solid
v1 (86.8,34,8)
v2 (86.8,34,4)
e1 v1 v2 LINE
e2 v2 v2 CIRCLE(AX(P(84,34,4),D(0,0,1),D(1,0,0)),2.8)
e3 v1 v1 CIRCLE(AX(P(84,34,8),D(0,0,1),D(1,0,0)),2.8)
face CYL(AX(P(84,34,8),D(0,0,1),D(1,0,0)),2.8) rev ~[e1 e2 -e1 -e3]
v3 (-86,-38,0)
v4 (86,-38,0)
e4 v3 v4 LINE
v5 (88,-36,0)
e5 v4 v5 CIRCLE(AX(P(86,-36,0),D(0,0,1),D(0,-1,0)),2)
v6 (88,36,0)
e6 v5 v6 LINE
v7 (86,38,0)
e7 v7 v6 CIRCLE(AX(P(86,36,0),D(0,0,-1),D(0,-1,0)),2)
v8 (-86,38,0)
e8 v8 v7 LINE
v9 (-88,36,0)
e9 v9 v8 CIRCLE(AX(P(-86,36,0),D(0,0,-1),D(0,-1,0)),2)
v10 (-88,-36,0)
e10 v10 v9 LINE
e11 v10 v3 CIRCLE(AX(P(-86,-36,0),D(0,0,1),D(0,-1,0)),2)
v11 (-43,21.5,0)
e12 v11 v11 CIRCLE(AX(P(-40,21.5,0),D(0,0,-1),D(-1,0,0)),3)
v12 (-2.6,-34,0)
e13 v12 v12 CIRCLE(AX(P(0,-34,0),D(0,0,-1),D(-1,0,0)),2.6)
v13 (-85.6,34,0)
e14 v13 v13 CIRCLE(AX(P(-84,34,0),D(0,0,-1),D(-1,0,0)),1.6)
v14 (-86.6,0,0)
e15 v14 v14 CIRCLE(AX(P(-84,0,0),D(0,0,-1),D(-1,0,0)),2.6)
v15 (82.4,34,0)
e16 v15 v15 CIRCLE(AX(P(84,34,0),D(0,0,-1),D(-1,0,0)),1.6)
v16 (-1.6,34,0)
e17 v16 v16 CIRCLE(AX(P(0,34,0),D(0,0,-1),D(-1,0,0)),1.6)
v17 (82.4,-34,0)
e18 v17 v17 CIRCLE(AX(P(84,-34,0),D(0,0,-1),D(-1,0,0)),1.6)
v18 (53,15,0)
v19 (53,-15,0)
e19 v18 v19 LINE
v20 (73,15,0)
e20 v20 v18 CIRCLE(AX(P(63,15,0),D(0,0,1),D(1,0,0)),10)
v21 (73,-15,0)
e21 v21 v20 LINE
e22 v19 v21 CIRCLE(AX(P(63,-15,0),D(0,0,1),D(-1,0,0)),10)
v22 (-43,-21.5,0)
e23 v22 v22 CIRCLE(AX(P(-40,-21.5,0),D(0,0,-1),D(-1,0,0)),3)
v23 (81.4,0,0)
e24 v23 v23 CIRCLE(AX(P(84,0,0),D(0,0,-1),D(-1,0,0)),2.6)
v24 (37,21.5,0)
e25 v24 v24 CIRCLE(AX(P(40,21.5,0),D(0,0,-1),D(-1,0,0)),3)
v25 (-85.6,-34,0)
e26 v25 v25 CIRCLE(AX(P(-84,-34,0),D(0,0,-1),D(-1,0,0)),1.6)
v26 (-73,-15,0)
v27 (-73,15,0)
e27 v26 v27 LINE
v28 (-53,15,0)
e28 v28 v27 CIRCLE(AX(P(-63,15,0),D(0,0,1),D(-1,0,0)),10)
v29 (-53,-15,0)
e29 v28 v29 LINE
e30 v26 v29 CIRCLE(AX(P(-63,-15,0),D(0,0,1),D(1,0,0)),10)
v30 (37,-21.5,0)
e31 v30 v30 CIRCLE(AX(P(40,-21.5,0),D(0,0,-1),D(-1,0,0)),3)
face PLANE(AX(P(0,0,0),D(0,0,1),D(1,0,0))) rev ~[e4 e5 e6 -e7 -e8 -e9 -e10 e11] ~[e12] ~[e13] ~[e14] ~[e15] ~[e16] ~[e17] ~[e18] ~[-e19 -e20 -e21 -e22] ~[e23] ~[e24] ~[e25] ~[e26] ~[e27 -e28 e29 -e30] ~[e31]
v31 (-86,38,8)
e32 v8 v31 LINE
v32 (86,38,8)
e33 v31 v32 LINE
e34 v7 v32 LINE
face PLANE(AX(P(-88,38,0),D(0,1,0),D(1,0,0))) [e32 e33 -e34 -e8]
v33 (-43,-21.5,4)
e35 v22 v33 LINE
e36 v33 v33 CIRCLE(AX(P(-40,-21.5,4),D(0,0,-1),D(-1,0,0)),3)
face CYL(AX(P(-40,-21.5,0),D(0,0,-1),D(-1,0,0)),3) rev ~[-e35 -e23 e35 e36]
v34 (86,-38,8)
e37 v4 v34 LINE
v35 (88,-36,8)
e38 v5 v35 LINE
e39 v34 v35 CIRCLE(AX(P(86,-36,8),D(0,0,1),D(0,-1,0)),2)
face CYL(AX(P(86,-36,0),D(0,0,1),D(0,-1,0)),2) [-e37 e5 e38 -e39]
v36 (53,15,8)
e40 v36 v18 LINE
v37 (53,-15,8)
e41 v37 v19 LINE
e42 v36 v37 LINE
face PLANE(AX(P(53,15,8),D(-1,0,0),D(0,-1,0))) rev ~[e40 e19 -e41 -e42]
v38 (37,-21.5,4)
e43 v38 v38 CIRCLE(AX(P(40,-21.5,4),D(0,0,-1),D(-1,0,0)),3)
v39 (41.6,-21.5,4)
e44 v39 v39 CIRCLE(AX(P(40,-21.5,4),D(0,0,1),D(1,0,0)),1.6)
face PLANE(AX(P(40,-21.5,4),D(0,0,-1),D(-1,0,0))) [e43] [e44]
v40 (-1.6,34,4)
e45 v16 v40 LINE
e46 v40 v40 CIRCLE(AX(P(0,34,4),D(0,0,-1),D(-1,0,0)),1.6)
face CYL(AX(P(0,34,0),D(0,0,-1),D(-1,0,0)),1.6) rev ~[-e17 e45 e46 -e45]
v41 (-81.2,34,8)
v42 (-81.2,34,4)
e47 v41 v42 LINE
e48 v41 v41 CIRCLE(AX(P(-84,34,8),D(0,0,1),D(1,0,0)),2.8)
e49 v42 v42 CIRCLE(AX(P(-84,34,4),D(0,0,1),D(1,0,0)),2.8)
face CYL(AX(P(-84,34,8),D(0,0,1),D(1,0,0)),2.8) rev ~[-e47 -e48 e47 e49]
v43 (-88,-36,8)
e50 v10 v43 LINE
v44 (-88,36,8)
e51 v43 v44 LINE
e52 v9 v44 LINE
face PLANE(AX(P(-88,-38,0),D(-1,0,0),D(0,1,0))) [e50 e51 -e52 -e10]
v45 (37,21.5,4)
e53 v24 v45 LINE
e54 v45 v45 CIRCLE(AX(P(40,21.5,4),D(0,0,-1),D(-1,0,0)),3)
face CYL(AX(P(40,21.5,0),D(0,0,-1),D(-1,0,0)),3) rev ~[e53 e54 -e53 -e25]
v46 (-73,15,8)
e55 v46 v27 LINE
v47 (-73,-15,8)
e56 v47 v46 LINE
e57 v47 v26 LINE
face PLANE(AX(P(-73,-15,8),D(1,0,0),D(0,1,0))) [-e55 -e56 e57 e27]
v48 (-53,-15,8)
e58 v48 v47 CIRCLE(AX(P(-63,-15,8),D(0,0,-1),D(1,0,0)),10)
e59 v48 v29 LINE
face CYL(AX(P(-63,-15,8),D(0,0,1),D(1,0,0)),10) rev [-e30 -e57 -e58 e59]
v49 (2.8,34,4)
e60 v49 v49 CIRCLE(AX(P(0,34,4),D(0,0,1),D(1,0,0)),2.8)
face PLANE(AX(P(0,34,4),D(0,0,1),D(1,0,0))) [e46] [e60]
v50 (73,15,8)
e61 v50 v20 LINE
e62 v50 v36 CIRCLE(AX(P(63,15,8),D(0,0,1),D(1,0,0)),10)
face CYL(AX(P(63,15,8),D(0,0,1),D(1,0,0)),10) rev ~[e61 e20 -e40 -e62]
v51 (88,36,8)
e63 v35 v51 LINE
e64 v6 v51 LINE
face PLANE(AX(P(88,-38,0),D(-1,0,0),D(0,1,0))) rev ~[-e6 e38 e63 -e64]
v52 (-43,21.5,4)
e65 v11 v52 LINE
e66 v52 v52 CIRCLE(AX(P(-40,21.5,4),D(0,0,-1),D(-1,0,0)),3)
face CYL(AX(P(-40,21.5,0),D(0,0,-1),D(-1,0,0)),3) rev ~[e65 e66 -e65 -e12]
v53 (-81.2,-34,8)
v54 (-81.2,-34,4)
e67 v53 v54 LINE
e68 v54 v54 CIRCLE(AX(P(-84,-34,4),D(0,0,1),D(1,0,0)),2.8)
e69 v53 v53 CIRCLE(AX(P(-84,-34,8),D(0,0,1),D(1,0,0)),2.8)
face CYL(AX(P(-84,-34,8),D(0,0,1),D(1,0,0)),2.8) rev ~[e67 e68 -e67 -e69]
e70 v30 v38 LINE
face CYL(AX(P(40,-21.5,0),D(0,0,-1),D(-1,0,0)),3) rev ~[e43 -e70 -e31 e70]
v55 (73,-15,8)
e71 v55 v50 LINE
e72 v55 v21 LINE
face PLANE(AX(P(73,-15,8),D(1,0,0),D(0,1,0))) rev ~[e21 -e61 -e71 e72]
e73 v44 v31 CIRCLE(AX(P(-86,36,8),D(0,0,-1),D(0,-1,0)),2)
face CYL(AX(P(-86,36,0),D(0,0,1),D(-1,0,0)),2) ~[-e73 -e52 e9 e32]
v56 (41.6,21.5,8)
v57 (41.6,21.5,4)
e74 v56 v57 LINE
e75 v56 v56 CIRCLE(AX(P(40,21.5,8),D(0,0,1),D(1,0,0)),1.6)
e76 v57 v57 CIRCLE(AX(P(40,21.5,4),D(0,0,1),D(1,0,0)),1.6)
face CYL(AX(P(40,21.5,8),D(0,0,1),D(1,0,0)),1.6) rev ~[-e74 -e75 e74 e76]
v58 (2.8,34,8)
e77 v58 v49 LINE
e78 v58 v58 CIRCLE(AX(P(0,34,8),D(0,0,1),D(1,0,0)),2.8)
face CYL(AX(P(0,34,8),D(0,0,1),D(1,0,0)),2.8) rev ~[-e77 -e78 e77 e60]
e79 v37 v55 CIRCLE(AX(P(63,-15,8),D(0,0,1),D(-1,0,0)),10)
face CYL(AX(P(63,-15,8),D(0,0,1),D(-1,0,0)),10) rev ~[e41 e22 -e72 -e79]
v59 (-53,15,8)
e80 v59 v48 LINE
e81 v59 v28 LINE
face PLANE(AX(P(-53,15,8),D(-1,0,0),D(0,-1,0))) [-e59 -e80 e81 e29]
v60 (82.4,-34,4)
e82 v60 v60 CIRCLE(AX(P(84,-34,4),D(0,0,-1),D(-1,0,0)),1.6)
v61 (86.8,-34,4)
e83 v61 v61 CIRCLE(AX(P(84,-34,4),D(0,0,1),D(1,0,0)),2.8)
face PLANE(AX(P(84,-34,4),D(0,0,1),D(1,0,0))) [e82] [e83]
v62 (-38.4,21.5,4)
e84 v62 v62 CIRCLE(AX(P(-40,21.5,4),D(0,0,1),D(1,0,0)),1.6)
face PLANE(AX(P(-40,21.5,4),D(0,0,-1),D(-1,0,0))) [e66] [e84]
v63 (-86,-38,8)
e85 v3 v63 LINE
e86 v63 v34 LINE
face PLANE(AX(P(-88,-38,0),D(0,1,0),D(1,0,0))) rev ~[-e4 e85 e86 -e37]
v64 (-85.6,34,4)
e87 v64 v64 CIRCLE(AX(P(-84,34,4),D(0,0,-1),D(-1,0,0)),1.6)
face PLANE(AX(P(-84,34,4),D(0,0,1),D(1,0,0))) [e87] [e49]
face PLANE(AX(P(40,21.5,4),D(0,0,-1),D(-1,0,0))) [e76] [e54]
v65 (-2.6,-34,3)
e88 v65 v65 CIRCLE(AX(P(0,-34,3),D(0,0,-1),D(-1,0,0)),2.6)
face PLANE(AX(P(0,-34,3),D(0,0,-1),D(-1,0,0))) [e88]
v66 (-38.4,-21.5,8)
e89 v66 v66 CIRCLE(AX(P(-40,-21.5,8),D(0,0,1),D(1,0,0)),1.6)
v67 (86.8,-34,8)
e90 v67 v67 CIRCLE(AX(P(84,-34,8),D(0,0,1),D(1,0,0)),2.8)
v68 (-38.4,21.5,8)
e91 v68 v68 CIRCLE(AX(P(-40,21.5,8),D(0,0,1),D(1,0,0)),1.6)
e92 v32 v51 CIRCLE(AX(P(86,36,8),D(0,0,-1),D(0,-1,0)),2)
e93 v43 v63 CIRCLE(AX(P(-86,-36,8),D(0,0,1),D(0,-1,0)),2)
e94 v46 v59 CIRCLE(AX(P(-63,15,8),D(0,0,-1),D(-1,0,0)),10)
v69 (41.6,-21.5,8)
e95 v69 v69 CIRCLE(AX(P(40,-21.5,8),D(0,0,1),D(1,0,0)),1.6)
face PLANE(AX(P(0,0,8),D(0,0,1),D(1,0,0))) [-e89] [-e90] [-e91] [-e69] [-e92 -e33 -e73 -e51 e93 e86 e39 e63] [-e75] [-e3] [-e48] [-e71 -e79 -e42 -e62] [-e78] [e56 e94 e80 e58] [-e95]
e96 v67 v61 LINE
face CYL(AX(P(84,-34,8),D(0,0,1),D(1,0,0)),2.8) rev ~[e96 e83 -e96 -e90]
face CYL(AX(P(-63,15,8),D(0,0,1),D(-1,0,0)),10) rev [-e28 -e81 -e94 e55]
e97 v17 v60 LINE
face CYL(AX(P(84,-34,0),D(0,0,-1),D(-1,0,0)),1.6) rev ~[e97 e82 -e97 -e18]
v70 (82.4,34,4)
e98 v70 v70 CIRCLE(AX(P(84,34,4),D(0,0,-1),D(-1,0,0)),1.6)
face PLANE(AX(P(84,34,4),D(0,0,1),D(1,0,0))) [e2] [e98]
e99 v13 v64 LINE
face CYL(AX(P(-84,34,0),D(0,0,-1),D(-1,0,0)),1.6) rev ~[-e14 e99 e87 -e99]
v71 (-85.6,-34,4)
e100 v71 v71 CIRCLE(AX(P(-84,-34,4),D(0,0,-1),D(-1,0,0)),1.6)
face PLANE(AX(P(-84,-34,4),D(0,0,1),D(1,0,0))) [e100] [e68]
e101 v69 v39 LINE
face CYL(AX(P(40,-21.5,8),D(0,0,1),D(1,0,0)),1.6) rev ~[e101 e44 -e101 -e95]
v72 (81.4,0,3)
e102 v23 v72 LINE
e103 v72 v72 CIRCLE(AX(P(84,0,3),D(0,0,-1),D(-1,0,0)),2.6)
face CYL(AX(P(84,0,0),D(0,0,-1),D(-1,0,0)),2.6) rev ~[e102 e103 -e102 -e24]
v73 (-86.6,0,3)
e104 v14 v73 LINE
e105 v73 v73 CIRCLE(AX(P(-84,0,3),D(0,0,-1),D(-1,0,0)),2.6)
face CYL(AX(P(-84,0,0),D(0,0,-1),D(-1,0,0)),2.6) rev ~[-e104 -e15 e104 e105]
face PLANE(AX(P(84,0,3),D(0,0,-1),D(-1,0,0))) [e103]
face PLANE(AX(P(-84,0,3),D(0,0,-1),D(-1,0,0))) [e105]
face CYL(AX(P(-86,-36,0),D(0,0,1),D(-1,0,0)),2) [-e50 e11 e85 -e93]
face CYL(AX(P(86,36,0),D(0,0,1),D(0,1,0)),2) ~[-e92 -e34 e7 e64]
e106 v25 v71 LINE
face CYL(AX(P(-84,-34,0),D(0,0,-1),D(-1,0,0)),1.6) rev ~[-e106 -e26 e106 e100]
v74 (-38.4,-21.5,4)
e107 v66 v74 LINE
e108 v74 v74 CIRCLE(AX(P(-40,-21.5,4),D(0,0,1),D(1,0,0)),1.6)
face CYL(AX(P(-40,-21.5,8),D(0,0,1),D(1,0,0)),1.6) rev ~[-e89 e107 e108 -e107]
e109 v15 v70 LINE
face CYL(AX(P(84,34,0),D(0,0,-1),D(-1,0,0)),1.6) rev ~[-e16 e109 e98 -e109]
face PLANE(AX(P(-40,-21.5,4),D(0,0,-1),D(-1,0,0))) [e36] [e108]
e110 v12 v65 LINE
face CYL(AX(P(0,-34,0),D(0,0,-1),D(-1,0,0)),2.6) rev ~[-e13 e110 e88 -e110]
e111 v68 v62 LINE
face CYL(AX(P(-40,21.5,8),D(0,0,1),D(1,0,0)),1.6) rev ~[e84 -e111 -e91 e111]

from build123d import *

# Parameters (mm, degrees)
SKETCH_1_W          = 176
SKETCH_1_H          = 76
EXTRUDE_1_DEPTH     = 8
SKETCH_2_R          = 1.6
CUT_EXTRUDE_1_DEPTH = 9
SKETCH_2_3_R        = 2.6
CUT_EXTRUDE_2_DEPTH = 3
SKETCH_4_R          = 2.8
CUT_EXTRUDE_3_DEPTH = 4
FILLET_1_R          = 2
SKETCH1_R           = 1.6
CUT_EXTRUDE1_DEPTH  = 9
SKETCH2_R           = 3
CUT_EXTRUDE2_DEPTH  = 4
CUT_EXTRUDE3_DEPTH  = 9


with BuildPart() as part:
    # 草图1 → 凸台-拉伸1 (new body)
    with BuildSketch(Plane.XY):
        Rectangle(SKETCH_1_W, SKETCH_1_H)
    extrude(amount=EXTRUDE_1_DEPTH)

    # 草图2 → 切除-拉伸1 (cut, through all)
    with BuildSketch(Plane(origin=(0, 0, 0), x_dir=(-1, 0, 0), z_dir=(0, 0, -1))):
        with Locations((-84, 34)):
            Circle(SKETCH_2_R)
        with Locations((0, 34)):
            Circle(SKETCH_2_R)
        with Locations((84, 34)):
            Circle(SKETCH_2_R)
        with Locations((-84, -34)):
            Circle(SKETCH_2_R)
        with Locations((84, -34)):
            Circle(SKETCH_2_R)
    extrude(amount=-CUT_EXTRUDE_1_DEPTH, mode=Mode.SUBTRACT)

    # 草图2<3> → 切除-拉伸2 (cut)
    with BuildSketch(Plane(origin=(0, 0, 0), x_dir=(-1, 0, 0), z_dir=(0, 0, -1))):
        with Locations((-84, 0)):
            Circle(SKETCH_2_3_R)
        with Locations((84, 0)):
            Circle(SKETCH_2_3_R)
        with Locations((0, -34)):
            Circle(SKETCH_2_3_R)
    extrude(amount=-CUT_EXTRUDE_2_DEPTH, mode=Mode.SUBTRACT)

    # 草图4 → 切除-拉伸3 (cut)
    with BuildSketch(Plane.XY.offset(8)):
        with Locations((-84, 34)):
            Circle(SKETCH_4_R)
        with Locations((0, 34)):
            Circle(SKETCH_4_R)
        with Locations((-84, -34)):
            Circle(SKETCH_4_R)
        with Locations((84, 34)):
            Circle(SKETCH_4_R)
        with Locations((84, -34)):
            Circle(SKETCH_4_R)
    extrude(amount=-CUT_EXTRUDE_3_DEPTH, mode=Mode.SUBTRACT)

    # 圆角1
    fillet_1_edges = [part.edges().sort_by_distance(p)[0] for p in [
        (-88, 38, 4),
        (88, 38, 4),
        (88, -38, 4),
        (-88, -38, 4),
    ]]
    fillet(fillet_1_edges, radius=FILLET_1_R)

    # Sketch1 → Cut-Extrude1 (cut, through all)
    with BuildSketch(Plane.XY.offset(8)):
        with Locations((-40, 21.5)):
            Circle(SKETCH1_R)
        with Locations((40, 21.5)):
            Circle(SKETCH1_R)
        with Locations((40, -21.5)):
            Circle(SKETCH1_R)
        with Locations((-40, -21.5)):
            Circle(SKETCH1_R)
    extrude(amount=-CUT_EXTRUDE1_DEPTH, mode=Mode.SUBTRACT)

    # Sketch2 → Cut-Extrude2 (cut)
    with BuildSketch(Plane(origin=(0, 0, 0), x_dir=(-1, 0, 0), z_dir=(0, 0, -1))):
        with Locations((-40, 21.5)):
            Circle(SKETCH2_R)
        with Locations((40, 21.5)):
            Circle(SKETCH2_R)
        with Locations((40, -21.5)):
            Circle(SKETCH2_R)
        with Locations((-40, -21.5)):
            Circle(SKETCH2_R)
    extrude(amount=-CUT_EXTRUDE2_DEPTH, mode=Mode.SUBTRACT)

    # Sketch3 → Cut-Extrude3 (cut, through all)
    with BuildSketch(Plane.XY.offset(8)):
        with BuildLine():
            Line((-73, -15), (-73, 15))
            ThreePointArc((-73, 15), (-63, 25), (-53, 15))
            Line((-53, 15), (-53, -15))
            ThreePointArc((-53, -15), (-63, -25), (-73, -15))
        make_face()
        with BuildLine():
            Line((73, -15), (73, 15))
            ThreePointArc((73, 15), (63, 25), (53, 15))
            Line((53, 15), (53, -15))
            ThreePointArc((53, -15), (63, -25), (73, -15))
        make_face()
    extrude(amount=-CUT_EXTRUDE3_DEPTH, mode=Mode.SUBTRACT)


solid = part.part
